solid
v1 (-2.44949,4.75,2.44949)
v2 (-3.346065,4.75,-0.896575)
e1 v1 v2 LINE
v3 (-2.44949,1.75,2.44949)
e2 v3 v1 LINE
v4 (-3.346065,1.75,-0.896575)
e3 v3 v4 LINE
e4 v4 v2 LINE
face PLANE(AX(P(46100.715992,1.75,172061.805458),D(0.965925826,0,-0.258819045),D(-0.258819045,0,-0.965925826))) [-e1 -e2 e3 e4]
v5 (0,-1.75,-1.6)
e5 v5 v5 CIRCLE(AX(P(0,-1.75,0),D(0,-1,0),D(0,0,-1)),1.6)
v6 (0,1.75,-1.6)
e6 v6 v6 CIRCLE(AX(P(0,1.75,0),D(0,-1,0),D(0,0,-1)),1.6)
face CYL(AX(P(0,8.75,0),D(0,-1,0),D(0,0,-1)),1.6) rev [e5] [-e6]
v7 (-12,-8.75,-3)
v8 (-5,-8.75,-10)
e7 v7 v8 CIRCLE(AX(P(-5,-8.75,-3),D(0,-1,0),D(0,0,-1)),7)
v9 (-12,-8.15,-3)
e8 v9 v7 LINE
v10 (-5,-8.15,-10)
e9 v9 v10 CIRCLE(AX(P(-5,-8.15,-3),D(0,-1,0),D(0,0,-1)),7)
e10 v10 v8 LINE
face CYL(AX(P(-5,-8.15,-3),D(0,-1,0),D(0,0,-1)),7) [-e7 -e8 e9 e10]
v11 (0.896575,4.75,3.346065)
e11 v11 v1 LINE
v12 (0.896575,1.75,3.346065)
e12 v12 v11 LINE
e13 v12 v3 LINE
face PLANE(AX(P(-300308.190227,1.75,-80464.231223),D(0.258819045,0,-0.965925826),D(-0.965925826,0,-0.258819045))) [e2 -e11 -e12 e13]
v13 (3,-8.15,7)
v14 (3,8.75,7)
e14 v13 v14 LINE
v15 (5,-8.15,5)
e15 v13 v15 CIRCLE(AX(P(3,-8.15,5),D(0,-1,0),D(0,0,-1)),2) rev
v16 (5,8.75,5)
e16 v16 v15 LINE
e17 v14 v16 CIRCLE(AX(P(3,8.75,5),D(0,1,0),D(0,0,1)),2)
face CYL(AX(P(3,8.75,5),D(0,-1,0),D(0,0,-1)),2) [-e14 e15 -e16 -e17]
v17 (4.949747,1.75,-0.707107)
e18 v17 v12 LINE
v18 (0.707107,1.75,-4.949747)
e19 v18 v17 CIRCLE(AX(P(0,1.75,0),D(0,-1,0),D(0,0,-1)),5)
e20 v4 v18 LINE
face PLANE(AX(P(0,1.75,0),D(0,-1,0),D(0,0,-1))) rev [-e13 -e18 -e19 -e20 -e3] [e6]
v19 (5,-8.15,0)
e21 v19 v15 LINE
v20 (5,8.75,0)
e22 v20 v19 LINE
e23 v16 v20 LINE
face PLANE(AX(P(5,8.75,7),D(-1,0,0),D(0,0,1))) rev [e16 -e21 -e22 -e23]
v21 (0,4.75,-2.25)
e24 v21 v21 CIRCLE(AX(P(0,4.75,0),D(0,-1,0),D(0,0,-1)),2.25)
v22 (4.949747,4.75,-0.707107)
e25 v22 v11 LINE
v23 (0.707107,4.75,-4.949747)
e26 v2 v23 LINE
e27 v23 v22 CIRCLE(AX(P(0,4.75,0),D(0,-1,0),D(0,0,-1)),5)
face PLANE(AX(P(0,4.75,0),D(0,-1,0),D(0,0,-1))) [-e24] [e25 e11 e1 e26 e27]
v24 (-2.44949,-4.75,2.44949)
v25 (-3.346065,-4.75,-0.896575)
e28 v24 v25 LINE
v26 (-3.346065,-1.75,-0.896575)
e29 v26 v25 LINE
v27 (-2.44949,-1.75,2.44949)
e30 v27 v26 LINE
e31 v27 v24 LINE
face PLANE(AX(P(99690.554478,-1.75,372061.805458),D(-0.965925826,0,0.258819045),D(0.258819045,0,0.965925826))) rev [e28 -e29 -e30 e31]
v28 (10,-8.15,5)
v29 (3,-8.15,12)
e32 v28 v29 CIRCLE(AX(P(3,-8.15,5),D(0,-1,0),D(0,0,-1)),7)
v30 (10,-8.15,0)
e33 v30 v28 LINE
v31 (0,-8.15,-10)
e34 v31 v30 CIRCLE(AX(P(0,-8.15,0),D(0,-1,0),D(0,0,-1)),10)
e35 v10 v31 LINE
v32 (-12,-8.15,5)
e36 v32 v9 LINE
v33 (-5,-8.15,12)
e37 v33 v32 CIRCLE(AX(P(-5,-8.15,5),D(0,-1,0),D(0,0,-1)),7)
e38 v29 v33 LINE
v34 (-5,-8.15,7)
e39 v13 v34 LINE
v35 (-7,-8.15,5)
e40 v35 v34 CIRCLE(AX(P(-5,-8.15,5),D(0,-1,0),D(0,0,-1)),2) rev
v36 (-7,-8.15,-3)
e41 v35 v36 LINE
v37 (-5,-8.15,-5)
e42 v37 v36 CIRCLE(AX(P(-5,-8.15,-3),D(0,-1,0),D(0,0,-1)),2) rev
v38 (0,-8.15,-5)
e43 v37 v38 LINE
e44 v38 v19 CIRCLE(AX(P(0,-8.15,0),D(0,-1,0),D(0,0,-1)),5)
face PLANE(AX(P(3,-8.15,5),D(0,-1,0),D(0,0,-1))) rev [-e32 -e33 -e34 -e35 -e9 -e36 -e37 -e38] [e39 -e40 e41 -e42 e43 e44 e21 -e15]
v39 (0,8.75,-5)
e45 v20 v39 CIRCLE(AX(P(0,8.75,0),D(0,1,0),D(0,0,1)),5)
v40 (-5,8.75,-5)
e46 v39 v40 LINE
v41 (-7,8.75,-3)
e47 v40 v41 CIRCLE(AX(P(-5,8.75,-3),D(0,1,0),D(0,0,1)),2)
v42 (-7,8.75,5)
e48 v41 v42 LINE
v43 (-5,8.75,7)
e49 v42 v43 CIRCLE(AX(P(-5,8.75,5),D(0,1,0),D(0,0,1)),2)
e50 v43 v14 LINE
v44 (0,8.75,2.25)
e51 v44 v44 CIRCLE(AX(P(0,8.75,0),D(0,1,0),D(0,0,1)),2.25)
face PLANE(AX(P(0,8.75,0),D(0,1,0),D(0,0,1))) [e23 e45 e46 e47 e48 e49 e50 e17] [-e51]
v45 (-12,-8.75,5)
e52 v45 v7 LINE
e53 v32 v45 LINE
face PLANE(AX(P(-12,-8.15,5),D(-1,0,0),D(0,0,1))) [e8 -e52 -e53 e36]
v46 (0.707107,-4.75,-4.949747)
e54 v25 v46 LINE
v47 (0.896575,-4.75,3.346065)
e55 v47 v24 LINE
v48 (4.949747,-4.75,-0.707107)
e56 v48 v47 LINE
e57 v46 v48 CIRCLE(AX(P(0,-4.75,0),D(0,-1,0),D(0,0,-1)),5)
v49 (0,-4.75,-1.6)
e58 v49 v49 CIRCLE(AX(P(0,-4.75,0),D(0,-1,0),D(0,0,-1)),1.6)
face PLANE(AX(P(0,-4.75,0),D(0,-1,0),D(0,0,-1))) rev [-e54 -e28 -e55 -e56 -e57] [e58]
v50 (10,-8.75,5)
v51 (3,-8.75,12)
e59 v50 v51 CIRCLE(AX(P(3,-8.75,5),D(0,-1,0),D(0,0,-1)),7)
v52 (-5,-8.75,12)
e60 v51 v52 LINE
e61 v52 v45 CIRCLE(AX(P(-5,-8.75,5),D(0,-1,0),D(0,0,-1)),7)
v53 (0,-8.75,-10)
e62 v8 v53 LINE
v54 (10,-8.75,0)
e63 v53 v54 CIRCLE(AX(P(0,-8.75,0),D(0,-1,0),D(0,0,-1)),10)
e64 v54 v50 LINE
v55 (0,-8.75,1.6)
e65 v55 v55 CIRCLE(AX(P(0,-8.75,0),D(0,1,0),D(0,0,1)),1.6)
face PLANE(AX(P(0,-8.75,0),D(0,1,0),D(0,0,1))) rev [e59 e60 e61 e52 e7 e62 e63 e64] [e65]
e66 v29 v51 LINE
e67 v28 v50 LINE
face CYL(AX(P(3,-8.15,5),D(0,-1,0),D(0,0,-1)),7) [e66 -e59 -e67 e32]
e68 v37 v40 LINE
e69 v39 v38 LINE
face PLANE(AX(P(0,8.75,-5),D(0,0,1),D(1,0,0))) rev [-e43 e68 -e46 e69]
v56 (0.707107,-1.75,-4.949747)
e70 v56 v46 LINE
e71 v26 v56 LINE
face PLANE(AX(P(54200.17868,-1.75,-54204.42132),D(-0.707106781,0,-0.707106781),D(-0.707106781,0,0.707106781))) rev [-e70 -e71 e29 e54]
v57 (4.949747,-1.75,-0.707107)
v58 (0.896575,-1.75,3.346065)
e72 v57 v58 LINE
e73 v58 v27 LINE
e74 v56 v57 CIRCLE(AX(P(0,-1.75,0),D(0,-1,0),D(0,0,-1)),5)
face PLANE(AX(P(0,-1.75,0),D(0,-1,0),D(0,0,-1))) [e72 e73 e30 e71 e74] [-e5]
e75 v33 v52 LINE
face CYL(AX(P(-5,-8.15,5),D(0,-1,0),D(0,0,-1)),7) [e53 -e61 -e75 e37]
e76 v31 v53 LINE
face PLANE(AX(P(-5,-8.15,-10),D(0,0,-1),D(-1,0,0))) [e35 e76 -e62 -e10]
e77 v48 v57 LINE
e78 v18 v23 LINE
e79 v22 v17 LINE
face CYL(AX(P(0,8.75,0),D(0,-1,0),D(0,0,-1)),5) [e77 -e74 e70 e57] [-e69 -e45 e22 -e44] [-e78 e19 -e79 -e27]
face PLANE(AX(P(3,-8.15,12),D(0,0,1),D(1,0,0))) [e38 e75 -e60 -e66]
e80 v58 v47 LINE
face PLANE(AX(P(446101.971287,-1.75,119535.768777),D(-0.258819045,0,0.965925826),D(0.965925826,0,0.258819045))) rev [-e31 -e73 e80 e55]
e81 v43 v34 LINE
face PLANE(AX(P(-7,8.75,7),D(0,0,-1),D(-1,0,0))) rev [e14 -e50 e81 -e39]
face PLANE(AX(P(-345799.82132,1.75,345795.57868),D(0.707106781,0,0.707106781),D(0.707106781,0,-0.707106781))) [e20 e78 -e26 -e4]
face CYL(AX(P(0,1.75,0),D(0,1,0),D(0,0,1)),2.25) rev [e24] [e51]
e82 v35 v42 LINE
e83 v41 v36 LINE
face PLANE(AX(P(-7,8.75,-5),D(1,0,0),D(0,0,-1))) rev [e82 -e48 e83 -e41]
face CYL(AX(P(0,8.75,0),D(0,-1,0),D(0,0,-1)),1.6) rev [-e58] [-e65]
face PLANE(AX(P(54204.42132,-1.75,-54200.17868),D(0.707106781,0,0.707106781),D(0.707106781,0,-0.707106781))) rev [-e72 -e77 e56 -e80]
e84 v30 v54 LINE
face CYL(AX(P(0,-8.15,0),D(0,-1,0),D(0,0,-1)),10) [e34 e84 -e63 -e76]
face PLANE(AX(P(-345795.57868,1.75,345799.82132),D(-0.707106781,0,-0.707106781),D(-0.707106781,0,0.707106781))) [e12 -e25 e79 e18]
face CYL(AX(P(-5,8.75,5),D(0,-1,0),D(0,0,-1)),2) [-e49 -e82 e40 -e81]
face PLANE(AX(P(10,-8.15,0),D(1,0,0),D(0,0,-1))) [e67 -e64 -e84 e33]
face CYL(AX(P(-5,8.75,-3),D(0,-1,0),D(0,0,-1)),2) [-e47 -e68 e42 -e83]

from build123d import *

# Parameters (mm, degrees)
SKETCH1_R           = 1.6
BOSS_EXTRUDE1_DEPTH = 8.75
FILLET1_R           = 2
CUT_EXTRUDE1_START  = 4.75
CUT_EXTRUDE1_DEPTH  = 3
CUT_EXTRUDE2_START  = -4.75
CUT_EXTRUDE2_DEPTH  = 3
SKETCH3_R           = 2.25
CUT_EXTRUDE3_DEPTH  = 7
SKETCH4_R           = 1.6
BOSS_EXTRUDE3_DEPTH = 0.6


with BuildPart() as part:
    # Sketch1 → Boss-Extrude1 (new, symmetric)
    with BuildSketch(Plane(origin=(0, 0, 0), x_dir=(1, 0, 0), z_dir=(0, 1, 0))):
        with BuildLine():
            Line((0, 5), (-7, 5))
            Line((-7, 5), (-7, -7))
            Line((-7, -7), (5, -7))
            Line((5, -7), (5, 0))
            ThreePointArc((5, 0), (3.535533906, 3.535533906), (0, 5))
        make_face()
        with Locations(Location((0, 0, 0), (0, 0, 270))):
            Circle(SKETCH1_R, mode=Mode.SUBTRACT)
    extrude(amount=BOSS_EXTRUDE1_DEPTH, both=True)

    # Fillet1
    fillet1_edges = [part.edges().sort_by_distance(p)[0] for p in [
        (5, 0, 7),
        (-7, 0, 7),
        (-7, 0, -5),
    ]]
    fillet(fillet1_edges, radius=FILLET1_R)

    # Sketch2 → Cut-Extrude1 (cut)
    with BuildSketch(Plane(origin=(0, 0, 0), x_dir=(1, 0, 0), z_dir=(0, 1, 0)).offset(CUT_EXTRUDE1_START)):
        Polygon((-0.896575472, 3.346065215), (0.757359313, 5), (5, 5), (5, 0.757359313), (3.346065215, -0.896575472), (0.896575472, -3.346065215), (-2.449489743, -2.449489743), (-3.346065215, 0.896575472), align=None)
    extrude(amount=-CUT_EXTRUDE1_DEPTH, mode=Mode.SUBTRACT)

    # Sketch2<2> → Cut-Extrude2 (cut)
    with BuildSketch(Plane(origin=(0, 0, 0), x_dir=(1, 0, 0), z_dir=(0, 1, 0)).offset(CUT_EXTRUDE2_START)):
        Polygon((-0.896575472, 3.346065215), (0.757359313, 5), (5, 5), (5, 0.757359313), (3.346065215, -0.896575472), (0.896575472, -3.346065215), (-2.449489743, -2.449489743), (-3.346065215, 0.896575472), align=None)
    extrude(amount=CUT_EXTRUDE2_DEPTH, mode=Mode.SUBTRACT)

    # Sketch3 → Cut-Extrude3 (cut)
    with BuildSketch(Plane(origin=(0, 8.75, 0), x_dir=(1, 0, 0), z_dir=(0, 1, 0))):
        with Locations(Location((0, 0, 0), (0, 0, 270))):
            Circle(SKETCH3_R)
    extrude(amount=-CUT_EXTRUDE3_DEPTH, mode=Mode.SUBTRACT)

    # Sketch4 → Boss-Extrude3 (add)
    with BuildSketch(Plane.XZ.offset(8.75)):
        with BuildLine():
            Line((10, 0), (10, 5))
            ThreePointArc((10, 5), (7.949747468, 9.949747468), (3, 12))
            Line((3, 12), (-5, 12))
            ThreePointArc((-5, 12), (-9.949747468, 9.949747468), (-12, 5))
            Line((-12, 5), (-12, -3))
            ThreePointArc((-12, -3), (-9.949747468, -7.949747468), (-5, -10))
            Line((-5, -10), (0, -10))
            ThreePointArc((0, -10), (7.071067812, -7.071067812), (10, 0))
        make_face()
        with Locations(Location((0, 0, 0), (0, 0, 270))):
            Circle(SKETCH4_R, mode=Mode.SUBTRACT)
    extrude(amount=-BOSS_EXTRUDE3_DEPTH)


solid = part.part
